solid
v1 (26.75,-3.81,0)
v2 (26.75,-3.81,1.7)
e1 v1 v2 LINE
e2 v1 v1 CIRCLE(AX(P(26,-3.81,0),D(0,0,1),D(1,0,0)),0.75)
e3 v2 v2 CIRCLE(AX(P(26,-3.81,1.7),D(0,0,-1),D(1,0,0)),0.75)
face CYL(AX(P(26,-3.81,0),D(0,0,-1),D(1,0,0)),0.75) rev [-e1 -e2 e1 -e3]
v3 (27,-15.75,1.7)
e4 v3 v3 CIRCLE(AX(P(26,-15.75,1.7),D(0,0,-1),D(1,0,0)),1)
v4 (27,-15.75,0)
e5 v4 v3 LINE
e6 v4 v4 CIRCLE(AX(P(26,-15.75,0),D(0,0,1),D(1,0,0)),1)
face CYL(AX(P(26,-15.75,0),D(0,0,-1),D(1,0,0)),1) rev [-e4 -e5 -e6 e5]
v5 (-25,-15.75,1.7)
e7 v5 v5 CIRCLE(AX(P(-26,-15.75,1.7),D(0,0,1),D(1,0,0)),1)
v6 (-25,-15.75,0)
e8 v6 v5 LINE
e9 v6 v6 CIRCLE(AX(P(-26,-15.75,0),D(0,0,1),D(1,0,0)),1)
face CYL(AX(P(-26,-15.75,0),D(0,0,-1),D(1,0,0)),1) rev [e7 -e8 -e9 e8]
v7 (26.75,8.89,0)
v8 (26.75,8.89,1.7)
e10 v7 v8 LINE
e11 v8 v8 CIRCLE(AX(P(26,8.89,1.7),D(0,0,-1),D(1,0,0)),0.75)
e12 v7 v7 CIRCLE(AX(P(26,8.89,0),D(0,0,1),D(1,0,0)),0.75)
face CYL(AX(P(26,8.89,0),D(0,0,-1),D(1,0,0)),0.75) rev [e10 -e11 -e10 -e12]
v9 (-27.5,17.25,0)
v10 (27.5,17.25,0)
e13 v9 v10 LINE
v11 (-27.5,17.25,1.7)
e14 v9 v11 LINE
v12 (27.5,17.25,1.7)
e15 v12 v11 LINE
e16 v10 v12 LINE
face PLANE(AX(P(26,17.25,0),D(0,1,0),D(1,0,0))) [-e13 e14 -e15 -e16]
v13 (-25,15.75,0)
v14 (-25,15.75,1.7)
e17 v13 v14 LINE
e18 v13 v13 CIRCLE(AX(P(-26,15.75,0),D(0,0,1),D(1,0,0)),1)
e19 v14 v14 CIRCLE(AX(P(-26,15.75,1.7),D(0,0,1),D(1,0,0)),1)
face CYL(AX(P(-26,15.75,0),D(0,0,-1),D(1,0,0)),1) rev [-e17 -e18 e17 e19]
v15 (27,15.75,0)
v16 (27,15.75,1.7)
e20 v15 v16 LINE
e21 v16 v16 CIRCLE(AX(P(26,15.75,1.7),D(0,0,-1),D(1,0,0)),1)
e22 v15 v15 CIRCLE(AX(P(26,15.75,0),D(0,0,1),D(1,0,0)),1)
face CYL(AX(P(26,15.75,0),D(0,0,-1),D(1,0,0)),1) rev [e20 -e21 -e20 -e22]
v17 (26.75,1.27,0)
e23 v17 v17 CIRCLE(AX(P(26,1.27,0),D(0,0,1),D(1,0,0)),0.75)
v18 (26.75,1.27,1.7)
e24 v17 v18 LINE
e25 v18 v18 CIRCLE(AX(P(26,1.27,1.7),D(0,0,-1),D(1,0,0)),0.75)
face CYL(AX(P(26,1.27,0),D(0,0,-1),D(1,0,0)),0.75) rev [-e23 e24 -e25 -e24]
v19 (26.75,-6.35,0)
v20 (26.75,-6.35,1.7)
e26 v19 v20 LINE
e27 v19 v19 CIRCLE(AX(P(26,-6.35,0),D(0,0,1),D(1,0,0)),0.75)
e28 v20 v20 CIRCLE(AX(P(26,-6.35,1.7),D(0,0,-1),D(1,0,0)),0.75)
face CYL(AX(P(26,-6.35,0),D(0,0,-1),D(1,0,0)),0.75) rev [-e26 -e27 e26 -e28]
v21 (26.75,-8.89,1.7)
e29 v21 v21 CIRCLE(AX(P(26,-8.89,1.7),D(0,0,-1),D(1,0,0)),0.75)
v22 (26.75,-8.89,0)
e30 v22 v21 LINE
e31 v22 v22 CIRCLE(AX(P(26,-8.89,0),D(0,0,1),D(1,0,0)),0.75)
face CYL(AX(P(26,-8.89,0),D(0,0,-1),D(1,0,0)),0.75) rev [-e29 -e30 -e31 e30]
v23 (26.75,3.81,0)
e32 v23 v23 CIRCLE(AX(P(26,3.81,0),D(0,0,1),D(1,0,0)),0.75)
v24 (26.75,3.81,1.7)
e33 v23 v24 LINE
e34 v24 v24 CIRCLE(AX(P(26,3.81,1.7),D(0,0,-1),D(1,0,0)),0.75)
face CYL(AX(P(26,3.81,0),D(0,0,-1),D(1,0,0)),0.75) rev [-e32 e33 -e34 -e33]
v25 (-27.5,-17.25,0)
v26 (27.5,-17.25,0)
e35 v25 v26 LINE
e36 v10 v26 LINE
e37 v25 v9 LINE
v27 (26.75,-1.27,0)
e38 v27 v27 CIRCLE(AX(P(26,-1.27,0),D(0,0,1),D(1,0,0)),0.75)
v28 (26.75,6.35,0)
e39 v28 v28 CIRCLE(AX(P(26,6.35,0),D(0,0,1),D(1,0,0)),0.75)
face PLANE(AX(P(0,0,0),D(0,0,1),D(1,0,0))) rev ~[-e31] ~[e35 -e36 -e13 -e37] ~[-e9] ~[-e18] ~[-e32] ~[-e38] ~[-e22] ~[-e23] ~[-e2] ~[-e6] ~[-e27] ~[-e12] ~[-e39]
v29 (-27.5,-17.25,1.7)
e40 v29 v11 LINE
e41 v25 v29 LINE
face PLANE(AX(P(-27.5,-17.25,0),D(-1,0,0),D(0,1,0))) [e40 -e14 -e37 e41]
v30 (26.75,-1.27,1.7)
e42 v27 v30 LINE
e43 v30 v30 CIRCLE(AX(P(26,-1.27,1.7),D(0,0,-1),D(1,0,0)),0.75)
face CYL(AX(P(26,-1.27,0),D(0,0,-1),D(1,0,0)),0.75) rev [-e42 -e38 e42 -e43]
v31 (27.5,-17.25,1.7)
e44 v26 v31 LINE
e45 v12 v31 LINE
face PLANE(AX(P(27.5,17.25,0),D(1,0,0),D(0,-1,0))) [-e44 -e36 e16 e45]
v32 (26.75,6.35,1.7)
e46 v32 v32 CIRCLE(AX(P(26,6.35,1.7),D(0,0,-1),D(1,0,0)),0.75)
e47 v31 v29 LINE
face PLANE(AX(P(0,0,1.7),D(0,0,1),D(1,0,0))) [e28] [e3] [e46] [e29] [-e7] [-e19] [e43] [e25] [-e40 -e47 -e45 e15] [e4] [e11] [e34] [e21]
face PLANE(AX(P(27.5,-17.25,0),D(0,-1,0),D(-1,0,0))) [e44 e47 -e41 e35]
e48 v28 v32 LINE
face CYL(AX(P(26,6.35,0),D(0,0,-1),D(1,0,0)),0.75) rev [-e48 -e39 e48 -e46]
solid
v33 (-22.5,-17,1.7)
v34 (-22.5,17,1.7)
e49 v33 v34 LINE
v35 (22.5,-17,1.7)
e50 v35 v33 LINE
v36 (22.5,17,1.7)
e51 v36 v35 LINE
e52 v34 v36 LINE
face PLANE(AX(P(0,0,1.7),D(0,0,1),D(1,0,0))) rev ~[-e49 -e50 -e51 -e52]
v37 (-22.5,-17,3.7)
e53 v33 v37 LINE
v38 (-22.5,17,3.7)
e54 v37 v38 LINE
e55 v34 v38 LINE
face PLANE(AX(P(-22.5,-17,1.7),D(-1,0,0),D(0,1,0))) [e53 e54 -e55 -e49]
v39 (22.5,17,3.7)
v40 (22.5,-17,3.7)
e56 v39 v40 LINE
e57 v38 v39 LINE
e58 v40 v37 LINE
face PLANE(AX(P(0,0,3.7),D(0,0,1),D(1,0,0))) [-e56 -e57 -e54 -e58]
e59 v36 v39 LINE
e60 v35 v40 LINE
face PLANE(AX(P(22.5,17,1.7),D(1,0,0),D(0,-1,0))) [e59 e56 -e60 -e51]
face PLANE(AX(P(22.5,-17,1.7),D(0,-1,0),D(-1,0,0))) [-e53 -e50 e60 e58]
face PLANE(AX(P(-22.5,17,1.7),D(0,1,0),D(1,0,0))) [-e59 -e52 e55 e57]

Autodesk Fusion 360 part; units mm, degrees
sketch "Sketch1" plane through (0, 0, 0) normal (0, 0, 1) x (1, 0, 0)
  line L0 (27.5, -17.25) -> (-27.5, -17.25)
  line L1 (-27.5, -17.25) -> (-27.5, 17.25)
  line L2 (-27.5, 17.25) -> (27.5, 17.25)
  line L3 (27.5, 17.25) -> (27.5, -17.25)
  line L4 (27.5, -17.25) -> (-27.5, 17.25) construction
  line L5 (-27.5, -17.25) -> (27.5, 17.25) construction
  line L6 (22.5, -17) -> (-22.5, -17)
  line L7 (-22.5, -17) -> (-22.5, 17)
  line L8 (-22.5, 17) -> (22.5, 17)
  line L9 (22.5, 17) -> (22.5, -17)
  line L10 (22.5, -17) -> (-22.5, 17) construction
  line L11 (-22.5, -17) -> (22.5, 17) construction
  circle A0 centre (26, 15.75) radius 1
  line L12 (0, 17.25) -> (0, -17.25) construction
  line L13 (27.5, 0) -> (-27.5, 0) construction
  circle A1 centre (-26, 15.75) radius 1
  circle A2 centre (-26, -15.75) radius 1
  circle A3 centre (26, -15.75) radius 1
  circle A4 centre (26, 1.27) radius 0.75
  circle A5 centre (26, 3.81) radius 0.75
  circle A6 centre (26, 6.35) radius 0.75
  circle A7 centre (26, 8.89) radius 0.75
  line L14 (26, 17.25) -> (26, -17.25)
  circle A8 centre (26, -1.27) radius 0.75
  circle A9 centre (26, -3.81) radius 0.75
  circle A10 centre (26, -6.35) radius 0.75
  circle A11 centre (26, -8.89) radius 0.75
  point P0 (25.0526, 0)
  dimension "d29" = 34.5
  dimension "d30" = 55
  dimension "d31" = 45
  dimension "d32" = 34
  dimension "d33" = 2
  dimension "d34" = 1.5
  dimension "d35" = 1.5
  dimension "d37" = 1.5
  dimension "d41" = 0
  dimension "d42" = 2.54
  dimension "d43" = 1.27
  dimension "d44" = 1.5
extrude "Extrude1" add sketch "Sketch1" along normal blind 1.7 contours L0 L2 L3 A0 A3 A4 A5 A6 A7 L14 A8 A9 A10 A11 | L0 L1 L2 A0 A3 A4 A5 A6 A7 L14 A8 A9 A10 A11 | L6 L7 L8 L9 makes body 1
extrude "Extrude2" add sketch "Sketch1" along normal blind 2 from surface at 1.7 separate body contours L6 L7 L8 L9 makes body 2
equation "d35 = d34"
equation "d37 = d36"
equation "d36 = 1.5 mm"
